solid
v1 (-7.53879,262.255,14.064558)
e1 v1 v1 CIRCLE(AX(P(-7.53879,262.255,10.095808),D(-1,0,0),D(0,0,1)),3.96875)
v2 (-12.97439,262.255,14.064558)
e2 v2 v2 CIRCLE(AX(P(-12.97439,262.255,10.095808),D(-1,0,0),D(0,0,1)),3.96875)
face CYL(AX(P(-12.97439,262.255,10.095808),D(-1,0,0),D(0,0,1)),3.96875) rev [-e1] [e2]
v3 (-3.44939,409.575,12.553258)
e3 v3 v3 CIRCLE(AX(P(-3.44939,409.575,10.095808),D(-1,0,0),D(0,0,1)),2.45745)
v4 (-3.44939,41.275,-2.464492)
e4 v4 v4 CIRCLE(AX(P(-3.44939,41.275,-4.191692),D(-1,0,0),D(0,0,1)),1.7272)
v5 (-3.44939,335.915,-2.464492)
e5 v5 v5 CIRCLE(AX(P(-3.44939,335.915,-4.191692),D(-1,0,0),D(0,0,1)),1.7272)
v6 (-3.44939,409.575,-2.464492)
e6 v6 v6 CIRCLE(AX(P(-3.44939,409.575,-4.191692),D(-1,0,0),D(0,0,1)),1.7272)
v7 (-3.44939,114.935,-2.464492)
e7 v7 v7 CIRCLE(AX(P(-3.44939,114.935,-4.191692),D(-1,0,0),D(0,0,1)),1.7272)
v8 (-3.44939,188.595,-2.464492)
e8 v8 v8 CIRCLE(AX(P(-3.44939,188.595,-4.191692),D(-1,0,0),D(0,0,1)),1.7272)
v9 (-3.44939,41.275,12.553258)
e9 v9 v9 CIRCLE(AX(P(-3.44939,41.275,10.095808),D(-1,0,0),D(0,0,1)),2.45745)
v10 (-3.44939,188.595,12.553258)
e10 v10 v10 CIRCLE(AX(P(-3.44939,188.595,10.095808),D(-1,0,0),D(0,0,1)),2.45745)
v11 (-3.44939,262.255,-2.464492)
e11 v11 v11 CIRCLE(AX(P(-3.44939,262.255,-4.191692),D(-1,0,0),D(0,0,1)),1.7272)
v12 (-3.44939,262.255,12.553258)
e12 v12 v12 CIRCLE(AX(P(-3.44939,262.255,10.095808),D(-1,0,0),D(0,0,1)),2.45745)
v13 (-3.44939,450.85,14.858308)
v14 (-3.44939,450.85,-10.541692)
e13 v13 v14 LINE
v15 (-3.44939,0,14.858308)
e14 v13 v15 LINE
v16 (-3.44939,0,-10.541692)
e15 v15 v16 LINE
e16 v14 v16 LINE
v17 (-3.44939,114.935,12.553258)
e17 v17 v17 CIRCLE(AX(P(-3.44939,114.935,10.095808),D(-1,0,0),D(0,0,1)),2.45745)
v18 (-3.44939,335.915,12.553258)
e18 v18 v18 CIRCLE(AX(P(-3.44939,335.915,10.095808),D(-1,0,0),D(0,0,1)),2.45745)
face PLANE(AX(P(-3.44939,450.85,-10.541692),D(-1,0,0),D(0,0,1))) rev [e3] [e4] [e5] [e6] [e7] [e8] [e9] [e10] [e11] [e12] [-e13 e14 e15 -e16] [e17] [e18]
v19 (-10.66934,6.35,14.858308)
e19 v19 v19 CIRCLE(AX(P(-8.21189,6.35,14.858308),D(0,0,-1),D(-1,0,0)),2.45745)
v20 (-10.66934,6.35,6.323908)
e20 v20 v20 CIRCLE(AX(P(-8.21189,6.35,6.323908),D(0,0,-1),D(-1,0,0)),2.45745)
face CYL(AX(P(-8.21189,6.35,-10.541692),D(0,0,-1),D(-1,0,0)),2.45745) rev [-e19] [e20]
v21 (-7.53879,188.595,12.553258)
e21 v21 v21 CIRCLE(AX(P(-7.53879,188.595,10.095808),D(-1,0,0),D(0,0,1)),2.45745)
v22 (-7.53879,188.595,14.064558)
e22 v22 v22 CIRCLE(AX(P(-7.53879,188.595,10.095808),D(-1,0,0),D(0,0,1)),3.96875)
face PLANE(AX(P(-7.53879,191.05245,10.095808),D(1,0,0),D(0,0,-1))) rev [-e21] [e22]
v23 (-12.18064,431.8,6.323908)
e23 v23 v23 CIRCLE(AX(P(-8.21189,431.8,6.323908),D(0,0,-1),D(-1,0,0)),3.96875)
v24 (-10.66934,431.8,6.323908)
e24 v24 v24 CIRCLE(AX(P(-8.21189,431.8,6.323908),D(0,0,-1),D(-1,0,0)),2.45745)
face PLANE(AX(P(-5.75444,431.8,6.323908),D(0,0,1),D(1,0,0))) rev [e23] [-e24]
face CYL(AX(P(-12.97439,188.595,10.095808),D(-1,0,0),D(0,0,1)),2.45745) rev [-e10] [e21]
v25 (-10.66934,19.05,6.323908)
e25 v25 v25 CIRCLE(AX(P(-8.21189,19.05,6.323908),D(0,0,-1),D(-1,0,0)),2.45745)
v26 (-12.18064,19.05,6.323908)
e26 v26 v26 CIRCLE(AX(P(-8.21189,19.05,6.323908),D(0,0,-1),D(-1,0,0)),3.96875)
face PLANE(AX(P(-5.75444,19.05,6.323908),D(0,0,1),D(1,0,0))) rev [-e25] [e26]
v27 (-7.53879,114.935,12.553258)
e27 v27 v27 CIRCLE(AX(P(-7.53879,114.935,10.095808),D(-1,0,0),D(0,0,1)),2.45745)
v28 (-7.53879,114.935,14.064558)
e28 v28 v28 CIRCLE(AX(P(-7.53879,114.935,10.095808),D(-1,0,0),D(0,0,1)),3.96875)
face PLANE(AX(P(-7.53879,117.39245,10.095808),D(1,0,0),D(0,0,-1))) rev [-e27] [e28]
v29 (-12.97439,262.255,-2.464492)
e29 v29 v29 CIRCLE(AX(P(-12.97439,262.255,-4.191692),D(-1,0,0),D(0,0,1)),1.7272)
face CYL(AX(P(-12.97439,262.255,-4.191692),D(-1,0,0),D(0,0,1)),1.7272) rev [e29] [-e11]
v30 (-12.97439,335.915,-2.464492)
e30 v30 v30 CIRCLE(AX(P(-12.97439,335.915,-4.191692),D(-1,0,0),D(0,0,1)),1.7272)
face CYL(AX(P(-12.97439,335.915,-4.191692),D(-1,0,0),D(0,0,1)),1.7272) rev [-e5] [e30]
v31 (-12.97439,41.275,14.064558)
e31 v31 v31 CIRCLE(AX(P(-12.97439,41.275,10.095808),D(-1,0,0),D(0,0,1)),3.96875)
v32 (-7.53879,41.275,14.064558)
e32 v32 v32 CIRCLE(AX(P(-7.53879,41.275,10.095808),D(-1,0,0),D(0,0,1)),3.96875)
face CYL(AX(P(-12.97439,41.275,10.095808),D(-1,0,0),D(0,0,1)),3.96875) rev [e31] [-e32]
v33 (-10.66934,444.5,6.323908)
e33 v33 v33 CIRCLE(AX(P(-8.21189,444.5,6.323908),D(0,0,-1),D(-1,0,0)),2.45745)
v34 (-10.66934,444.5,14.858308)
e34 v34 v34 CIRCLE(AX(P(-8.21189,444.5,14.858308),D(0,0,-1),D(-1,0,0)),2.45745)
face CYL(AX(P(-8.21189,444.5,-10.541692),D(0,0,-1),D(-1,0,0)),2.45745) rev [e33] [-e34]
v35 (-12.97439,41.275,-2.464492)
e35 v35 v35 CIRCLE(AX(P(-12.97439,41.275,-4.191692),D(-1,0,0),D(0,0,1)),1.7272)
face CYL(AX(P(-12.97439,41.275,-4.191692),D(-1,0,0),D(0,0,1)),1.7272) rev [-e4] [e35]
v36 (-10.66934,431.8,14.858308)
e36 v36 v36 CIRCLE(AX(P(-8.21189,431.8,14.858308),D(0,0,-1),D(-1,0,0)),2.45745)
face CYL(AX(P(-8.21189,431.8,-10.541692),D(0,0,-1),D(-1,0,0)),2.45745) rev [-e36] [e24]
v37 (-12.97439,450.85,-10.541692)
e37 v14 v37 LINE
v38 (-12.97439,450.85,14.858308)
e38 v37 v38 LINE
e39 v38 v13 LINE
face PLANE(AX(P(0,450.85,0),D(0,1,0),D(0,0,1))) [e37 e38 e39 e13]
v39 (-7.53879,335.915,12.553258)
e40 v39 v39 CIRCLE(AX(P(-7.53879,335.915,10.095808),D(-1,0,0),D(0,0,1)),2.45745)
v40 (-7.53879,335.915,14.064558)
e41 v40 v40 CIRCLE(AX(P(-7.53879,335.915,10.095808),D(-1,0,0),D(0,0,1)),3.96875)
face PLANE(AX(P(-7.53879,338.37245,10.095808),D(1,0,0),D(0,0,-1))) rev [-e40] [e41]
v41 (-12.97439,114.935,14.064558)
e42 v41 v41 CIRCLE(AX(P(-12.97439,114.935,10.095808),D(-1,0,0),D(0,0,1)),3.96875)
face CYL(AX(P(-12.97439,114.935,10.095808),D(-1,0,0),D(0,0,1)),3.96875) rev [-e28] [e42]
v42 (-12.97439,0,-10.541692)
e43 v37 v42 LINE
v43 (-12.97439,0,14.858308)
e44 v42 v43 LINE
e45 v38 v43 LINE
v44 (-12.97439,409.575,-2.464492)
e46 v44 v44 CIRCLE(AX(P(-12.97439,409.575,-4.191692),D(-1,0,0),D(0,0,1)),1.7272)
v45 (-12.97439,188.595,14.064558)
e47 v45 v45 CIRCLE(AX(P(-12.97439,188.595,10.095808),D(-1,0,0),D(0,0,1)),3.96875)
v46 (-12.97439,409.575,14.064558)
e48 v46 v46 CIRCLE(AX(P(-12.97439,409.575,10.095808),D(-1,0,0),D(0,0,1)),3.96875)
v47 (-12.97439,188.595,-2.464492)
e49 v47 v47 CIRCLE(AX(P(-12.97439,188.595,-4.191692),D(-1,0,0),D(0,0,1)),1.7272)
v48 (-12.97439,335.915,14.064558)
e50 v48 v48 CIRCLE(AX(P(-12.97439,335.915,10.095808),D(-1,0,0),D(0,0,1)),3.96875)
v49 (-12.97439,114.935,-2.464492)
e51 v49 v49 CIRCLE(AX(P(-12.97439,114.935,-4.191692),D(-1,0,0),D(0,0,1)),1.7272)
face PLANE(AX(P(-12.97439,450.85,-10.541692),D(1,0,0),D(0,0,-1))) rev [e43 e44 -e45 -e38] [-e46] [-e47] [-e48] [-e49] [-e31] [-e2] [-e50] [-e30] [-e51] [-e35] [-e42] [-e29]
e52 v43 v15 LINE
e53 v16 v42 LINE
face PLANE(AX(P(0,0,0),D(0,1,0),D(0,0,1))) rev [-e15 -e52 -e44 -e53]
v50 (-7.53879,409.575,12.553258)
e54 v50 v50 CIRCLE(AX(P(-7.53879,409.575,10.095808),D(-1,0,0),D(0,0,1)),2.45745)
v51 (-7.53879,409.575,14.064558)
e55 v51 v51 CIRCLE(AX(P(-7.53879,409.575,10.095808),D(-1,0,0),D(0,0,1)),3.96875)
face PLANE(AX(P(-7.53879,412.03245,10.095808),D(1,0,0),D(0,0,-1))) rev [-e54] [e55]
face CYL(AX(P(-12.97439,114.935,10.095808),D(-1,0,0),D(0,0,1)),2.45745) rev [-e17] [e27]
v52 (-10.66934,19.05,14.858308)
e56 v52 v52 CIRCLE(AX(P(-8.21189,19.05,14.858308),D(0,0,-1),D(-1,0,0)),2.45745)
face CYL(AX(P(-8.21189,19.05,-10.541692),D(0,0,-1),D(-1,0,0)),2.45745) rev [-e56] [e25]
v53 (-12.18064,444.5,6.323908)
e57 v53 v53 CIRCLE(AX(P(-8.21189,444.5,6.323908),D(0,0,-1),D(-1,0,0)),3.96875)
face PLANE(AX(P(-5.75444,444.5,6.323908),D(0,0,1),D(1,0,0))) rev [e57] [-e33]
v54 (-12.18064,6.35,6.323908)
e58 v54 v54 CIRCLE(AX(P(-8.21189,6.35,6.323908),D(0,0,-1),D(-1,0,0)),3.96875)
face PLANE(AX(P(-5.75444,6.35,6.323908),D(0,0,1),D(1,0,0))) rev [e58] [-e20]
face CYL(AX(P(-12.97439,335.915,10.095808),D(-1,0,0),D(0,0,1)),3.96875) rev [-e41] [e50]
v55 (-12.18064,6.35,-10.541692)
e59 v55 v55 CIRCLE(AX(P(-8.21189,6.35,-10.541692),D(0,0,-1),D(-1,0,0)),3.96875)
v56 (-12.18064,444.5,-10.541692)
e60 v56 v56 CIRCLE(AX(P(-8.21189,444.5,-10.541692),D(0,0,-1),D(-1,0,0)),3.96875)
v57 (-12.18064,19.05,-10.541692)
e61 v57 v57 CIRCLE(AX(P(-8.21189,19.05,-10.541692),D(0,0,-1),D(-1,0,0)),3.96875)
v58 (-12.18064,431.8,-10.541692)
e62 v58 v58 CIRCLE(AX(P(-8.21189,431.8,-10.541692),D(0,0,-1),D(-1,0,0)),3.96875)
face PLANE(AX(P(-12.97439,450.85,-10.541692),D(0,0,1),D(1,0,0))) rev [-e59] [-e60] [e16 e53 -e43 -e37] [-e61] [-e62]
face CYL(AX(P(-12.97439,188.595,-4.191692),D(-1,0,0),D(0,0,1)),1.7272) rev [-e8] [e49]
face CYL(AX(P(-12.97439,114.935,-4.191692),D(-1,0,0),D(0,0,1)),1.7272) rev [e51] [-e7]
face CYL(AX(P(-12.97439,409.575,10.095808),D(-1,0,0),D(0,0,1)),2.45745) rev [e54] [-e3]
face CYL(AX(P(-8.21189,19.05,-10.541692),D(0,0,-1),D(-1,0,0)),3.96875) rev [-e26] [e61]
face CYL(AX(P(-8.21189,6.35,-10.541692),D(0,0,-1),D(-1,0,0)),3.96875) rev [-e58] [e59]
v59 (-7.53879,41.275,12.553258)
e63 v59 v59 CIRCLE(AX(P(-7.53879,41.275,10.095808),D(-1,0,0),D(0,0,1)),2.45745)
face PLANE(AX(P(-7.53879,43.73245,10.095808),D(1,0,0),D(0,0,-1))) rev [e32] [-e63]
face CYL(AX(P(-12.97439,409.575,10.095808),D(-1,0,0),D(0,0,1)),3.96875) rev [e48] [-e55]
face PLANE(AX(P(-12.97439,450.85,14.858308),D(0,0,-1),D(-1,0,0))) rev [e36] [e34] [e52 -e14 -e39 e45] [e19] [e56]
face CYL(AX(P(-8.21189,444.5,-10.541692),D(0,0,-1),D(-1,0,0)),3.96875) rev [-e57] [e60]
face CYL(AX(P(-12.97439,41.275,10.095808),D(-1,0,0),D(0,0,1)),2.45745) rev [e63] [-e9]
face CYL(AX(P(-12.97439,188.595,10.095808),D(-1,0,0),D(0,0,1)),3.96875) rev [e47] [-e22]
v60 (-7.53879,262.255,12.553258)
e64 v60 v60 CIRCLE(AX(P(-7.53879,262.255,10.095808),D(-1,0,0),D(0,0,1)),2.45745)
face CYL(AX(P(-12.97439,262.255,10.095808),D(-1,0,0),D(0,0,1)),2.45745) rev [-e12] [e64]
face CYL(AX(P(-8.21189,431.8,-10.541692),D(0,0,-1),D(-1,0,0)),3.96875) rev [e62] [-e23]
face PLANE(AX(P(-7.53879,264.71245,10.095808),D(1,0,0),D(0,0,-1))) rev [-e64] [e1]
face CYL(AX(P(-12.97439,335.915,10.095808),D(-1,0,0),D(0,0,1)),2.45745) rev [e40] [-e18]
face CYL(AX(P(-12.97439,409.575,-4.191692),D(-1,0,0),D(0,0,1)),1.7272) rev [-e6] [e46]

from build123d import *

# Parameters (mm, degrees)
SKETCH1_W                                      = 9.525
SKETCH1_H                                      = 25.4
BOSS_EXTRUDE1_DEPTH                            = 450.85
CBORE_FOR_8_SOCKET_HEAD_CAP_SCREW1_D           = 4.9149
CBORE_FOR_8_SOCKET_HEAD_CAP_SCREW1_CBORE_D     = 7.9375
CBORE_FOR_8_SOCKET_HEAD_CAP_SCREW1_CBORE_DEPTH = 5.4356
CBORE_FOR_8_SOCKET_HEAD_CAP_SCREW2_D           = 4.9149
CBORE_FOR_8_SOCKET_HEAD_CAP_SCREW2_CBORE_D     = 7.9375
CBORE_FOR_8_SOCKET_HEAD_CAP_SCREW2_CBORE_DEPTH = 16.8656
F_8_32_TAPPED_HOLE1_D                          = 3.4544


with BuildPart() as part:
    # Sketch1 → Boss-Extrude1 (new body)
    with BuildSketch(Plane(origin=(0, 0, 0), x_dir=(1, 0, 0), z_dir=(0, 1, 0))):
        with Locations((-8.211890298, -2.158307883)):
            Rectangle(SKETCH1_W, SKETCH1_H)
    extrude(amount=BOSS_EXTRUDE1_DEPTH)

    # CBORE for #8 Socket Head Cap Screw1 (through all)
    with Locations(Plane.ZY.offset(12.974390298)):
        with Locations((10.095807883, 41.275), (10.095807883, 114.935), (10.095807883, 188.595), (10.095807883, 262.255), (10.095807883, 335.915), (10.095807883, 409.575)):
            CounterBoreHole(CBORE_FOR_8_SOCKET_HEAD_CAP_SCREW1_D / 2, CBORE_FOR_8_SOCKET_HEAD_CAP_SCREW1_CBORE_D / 2, CBORE_FOR_8_SOCKET_HEAD_CAP_SCREW1_CBORE_DEPTH)

    # CBORE for #8 Socket Head Cap Screw2 (through all)
    with Locations(Plane(origin=(0, 0, -10.541692117), x_dir=(-1, 0, 0), z_dir=(0, 0, -1))):
        with Locations((8.211890298, 6.35), (8.211890298, 19.05), (8.211890298, 431.8), (8.211890298, 444.5)):
            CounterBoreHole(CBORE_FOR_8_SOCKET_HEAD_CAP_SCREW2_D / 2, CBORE_FOR_8_SOCKET_HEAD_CAP_SCREW2_CBORE_D / 2, CBORE_FOR_8_SOCKET_HEAD_CAP_SCREW2_CBORE_DEPTH)

    # #8-32 Tapped Hole1 (through all)
    with Locations(Plane.ZY.offset(12.974390298)):
        with Locations((-4.191692117, 41.275), (-4.191692117, 114.935), (-4.191692117, 188.595), (-4.191692117, 262.255), (-4.191692117, 335.915), (-4.191692117, 409.575)):
            Hole(F_8_32_TAPPED_HOLE1_D / 2)


solid = part.part
